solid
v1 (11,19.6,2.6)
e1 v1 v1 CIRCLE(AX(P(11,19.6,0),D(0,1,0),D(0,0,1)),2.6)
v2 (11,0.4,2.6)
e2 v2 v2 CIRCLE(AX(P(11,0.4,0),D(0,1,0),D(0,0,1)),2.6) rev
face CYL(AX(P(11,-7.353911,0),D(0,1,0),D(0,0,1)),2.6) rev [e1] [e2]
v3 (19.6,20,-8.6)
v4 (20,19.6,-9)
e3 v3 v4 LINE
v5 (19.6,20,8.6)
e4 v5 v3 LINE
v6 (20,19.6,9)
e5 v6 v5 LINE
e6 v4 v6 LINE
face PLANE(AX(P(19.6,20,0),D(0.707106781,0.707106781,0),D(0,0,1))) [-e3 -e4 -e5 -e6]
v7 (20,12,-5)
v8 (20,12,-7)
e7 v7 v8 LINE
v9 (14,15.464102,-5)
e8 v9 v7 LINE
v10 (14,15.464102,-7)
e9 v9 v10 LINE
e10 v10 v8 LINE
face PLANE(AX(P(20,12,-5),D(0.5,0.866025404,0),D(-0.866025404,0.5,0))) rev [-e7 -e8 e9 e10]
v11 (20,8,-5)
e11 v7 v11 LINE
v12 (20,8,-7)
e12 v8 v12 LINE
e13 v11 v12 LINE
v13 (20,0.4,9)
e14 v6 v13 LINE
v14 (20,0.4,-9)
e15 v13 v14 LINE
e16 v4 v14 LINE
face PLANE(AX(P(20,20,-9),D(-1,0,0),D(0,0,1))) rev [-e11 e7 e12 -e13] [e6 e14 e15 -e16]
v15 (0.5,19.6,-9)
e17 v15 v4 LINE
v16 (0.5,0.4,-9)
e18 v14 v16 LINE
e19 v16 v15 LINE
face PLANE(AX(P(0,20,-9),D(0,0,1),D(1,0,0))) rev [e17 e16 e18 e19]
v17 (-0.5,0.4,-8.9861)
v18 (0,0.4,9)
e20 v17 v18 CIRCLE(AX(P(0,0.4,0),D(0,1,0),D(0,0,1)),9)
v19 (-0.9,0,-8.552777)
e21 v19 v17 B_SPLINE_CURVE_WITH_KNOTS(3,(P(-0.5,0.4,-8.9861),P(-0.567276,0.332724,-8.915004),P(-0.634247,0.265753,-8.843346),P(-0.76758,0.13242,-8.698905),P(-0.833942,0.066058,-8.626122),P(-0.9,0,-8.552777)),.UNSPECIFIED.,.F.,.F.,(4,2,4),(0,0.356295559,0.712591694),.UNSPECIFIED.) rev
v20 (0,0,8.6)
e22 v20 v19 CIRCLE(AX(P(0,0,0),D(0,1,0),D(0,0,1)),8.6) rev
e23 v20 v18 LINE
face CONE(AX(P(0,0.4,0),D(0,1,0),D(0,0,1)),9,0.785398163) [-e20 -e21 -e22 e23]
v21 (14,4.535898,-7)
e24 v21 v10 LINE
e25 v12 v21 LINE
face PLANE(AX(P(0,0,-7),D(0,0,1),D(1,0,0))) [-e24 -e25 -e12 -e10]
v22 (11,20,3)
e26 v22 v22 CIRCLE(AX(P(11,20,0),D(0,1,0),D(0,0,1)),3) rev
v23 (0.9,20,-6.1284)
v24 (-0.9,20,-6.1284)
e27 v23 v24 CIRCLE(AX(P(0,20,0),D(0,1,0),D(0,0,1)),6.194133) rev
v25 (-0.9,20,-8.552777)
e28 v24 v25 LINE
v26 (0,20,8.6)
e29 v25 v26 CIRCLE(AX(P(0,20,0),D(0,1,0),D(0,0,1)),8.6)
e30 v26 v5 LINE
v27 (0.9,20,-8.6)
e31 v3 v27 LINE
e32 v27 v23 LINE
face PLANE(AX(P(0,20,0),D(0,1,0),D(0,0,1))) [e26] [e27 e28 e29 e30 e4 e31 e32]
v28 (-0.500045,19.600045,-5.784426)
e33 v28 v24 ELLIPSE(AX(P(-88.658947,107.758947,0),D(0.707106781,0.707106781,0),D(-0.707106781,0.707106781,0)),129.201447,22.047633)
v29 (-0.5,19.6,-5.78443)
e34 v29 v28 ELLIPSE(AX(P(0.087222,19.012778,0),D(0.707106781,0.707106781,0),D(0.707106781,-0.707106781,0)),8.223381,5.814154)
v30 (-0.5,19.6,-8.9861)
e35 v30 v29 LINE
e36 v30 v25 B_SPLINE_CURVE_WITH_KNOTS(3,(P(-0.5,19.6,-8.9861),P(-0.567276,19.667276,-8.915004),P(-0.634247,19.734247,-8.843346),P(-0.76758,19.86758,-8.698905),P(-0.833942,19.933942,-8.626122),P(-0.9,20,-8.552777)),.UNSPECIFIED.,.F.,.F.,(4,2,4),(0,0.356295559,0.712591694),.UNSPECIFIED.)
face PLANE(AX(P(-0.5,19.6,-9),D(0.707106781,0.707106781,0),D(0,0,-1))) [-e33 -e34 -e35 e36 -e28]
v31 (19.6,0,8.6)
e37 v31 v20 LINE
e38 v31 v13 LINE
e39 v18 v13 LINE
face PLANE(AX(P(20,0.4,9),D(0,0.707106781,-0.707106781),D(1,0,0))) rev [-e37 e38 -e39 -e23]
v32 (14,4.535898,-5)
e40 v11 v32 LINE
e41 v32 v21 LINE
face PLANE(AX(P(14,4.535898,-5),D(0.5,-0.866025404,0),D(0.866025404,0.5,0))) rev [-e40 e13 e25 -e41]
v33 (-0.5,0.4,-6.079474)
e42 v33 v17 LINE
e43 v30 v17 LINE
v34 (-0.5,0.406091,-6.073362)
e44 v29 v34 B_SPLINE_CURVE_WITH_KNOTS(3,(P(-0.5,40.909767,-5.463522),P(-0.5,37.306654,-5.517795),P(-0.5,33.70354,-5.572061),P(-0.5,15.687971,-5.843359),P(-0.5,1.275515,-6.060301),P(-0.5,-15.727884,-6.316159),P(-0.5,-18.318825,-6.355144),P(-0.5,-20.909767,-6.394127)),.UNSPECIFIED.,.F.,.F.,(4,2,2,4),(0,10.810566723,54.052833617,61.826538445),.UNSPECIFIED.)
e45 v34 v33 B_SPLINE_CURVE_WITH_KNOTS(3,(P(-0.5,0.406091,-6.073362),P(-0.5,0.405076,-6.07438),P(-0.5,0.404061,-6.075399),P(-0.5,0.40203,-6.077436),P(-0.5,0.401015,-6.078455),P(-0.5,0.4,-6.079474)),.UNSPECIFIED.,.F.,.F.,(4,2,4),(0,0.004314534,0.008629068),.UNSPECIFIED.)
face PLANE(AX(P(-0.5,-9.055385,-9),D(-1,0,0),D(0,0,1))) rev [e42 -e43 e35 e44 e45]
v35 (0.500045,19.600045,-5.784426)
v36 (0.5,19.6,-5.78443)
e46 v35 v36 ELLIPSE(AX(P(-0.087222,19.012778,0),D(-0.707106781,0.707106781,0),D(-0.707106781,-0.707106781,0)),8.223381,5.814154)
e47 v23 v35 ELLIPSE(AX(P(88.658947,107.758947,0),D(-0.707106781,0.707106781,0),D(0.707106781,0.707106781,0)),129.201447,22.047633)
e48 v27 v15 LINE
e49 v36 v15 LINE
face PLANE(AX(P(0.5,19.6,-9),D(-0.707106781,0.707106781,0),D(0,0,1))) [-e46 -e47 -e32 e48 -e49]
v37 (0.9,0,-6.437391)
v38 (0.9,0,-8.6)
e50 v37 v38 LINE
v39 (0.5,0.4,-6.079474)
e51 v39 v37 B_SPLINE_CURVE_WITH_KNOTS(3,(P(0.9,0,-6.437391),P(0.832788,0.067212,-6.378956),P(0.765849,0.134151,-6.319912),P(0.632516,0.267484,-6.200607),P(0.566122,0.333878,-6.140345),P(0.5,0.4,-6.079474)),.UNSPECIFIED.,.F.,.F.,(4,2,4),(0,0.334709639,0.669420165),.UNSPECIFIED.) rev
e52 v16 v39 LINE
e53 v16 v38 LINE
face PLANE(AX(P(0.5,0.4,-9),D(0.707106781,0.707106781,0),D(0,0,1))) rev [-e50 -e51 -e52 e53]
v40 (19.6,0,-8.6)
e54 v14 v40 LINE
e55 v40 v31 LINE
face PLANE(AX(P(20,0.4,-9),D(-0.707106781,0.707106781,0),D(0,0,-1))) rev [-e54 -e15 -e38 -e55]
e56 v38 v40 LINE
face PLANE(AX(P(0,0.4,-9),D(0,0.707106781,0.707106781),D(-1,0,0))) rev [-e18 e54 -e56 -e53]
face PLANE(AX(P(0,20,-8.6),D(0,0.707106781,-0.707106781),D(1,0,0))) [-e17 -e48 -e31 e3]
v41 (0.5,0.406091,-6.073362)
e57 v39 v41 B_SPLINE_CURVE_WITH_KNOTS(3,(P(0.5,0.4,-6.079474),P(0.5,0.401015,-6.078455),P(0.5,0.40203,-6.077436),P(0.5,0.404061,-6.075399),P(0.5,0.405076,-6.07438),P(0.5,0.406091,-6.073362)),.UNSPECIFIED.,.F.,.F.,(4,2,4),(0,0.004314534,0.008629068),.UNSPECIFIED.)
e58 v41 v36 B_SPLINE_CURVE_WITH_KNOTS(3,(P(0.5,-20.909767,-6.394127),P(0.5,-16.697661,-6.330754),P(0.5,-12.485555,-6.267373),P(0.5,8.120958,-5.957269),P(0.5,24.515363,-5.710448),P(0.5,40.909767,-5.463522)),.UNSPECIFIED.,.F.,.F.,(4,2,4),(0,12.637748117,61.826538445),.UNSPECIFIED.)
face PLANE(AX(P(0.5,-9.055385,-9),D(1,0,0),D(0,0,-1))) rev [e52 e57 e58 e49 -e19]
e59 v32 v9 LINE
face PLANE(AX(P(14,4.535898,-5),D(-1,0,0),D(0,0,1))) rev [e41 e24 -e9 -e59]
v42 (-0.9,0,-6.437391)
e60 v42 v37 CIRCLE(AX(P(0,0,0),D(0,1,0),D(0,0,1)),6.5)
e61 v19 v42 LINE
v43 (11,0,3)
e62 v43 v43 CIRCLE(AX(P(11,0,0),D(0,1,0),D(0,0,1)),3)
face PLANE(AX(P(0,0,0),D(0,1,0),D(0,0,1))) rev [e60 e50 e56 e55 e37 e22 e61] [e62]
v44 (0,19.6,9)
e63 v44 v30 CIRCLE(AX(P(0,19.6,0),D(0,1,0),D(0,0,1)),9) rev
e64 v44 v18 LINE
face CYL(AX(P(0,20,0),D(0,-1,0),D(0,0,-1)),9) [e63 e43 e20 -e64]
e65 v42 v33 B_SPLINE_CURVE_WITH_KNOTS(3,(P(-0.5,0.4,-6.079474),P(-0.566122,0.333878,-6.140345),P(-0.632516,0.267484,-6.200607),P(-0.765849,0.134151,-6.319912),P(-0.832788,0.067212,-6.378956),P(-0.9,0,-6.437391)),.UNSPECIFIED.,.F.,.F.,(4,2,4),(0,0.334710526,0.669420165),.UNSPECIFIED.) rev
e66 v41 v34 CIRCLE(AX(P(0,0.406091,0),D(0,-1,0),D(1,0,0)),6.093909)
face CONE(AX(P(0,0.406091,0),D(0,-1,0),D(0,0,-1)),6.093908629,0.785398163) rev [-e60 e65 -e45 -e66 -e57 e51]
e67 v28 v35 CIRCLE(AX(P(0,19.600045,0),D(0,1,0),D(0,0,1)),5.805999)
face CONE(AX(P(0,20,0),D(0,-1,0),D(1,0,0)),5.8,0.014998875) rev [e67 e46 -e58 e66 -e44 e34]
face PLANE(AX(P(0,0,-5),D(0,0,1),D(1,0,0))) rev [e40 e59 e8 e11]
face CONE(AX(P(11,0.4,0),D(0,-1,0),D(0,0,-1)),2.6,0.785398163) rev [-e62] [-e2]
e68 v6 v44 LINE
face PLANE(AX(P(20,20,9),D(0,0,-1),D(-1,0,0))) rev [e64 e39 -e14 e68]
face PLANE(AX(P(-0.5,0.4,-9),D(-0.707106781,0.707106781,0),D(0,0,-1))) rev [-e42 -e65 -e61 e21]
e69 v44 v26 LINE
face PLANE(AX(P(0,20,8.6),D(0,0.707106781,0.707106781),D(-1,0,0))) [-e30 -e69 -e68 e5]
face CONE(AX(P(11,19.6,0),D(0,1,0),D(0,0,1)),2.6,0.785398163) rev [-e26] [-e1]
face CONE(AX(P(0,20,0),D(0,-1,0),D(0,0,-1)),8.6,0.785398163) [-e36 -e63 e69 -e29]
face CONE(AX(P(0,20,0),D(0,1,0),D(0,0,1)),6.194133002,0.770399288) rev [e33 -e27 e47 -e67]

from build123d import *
from OCP.BRepFilletAPI import BRepFilletAPI_MakeChamfer

# Parameters (mm, degrees)
BOSS_EXTRUDE1_DEPTH = 20
SKETCH4_W           = 1
SKETCH4_H           = 9
CUT_EXTRUDE2_DEPTH  = 20
CUT_EXTRUDE4_START  = -2
CUT_EXTRUDE4_DEPTH  = 2
SKETCH5_R           = 2.6
CUT_EXTRUDE5_DEPTH  = 20
CHAMFER1_SIZE       = 0.4
CHAMFER1_SIZE2      = 0.406137053
CHAMFER1_SIZE2_2    = 0.394133002


with BuildPart() as part:
    # Sketch1 → Boss-Extrude1 (new body)
    with BuildSketch(Plane(origin=(0, 0, 0), x_dir=(1, 0, 0), z_dir=(0, 1, 0))):
        with BuildLine():
            Line((0, 9), (20, 9))
            Line((20, 9), (20, -9))
            Line((20, -9), (0, -9))
            ThreePointArc((0, -9), (-9, 0), (0, 9))
        make_face()
    extrude(amount=BOSS_EXTRUDE1_DEPTH)

    # Sketch7 → Cut-Revolve1 (revolve, cut)
    with BuildSketch(Plane.XY, mode=Mode.PRIVATE) as cut_revolve1_sk:
        Polygon((0, 0), (-6.1, 0), (-5.8, 20), (0, 20), align=None)
    revolve(cut_revolve1_sk.sketch.rotate(Axis((0, 20, 0), (0, 1, 0)), 180), axis=Axis((0, 20, 0), (0, 1, 0)), mode=Mode.SUBTRACT)

    # Sketch4 → Cut-Extrude2 (cut)
    with BuildSketch(Plane(origin=(0, 20, 0), x_dir=(1, 0, 0), z_dir=(0, 1, 0))):
        with Locations((0, 4.5)):
            Rectangle(SKETCH4_W, SKETCH4_H)
    extrude(amount=-CUT_EXTRUDE2_DEPTH, mode=Mode.SUBTRACT)

    # Sketch6 → Cut-Extrude4 (cut)
    with BuildSketch(Plane(origin=(0, 0, -9), x_dir=(-1, 0, 0), z_dir=(0, 0, -1)).offset(CUT_EXTRUDE4_START)):
        Polygon((-20, 12), (-14, 15.464101615), (-14, 4.535898385), (-20, 8), align=None)
    extrude(amount=-CUT_EXTRUDE4_DEPTH, mode=Mode.SUBTRACT)

    # Sketch5 → Cut-Extrude5 (cut)
    with BuildSketch(Plane(origin=(0, 20, 0), x_dir=(1, 0, 0), z_dir=(0, 1, 0))):
        with Locations(Location((11, 0, 0), (0, 0, 270))):
            Circle(SKETCH5_R)
    extrude(amount=-CUT_EXTRUDE5_DEPTH, mode=Mode.SUBTRACT)

    # Chamfer1: one chamfer whose edges measure the first distance from different faces: ONE call of the kernel's chamfer builder (chamfer() names one face for all edges)
    chamfer1_edges_1 = [part.edges().sort_by_distance(p)[0] for p in [
        (0, 0, 6.1),
    ]]
    chamfer1_side_1 = [part.faces().sort_by_distance(p)[0] for p in [
        (8.32015875, 0, 0.063305036),
    ]]
    chamfer1_edges_2 = [part.edges().sort_by_distance(p)[0] for p in [
        (0.5, 0, -7.539736831),
        (10.25, 0, -9),
        (20, 0, 0),
        (10, 0, 9),
        (-0.5, 0, -7.53278702),
        (-8.996524423, 0, 0.250096581),
        (11, 0, -2.6),
        (0.5, 20, -7.389204043),
        (10.25, 20, -9),
        (20, 20, 0),
        (10, 20, 9),
        (-8.996524423, 20, 0.250096581),
        (-0.5, 20, -7.382254232),
        (11, 20, -2.6),
    ]]
    chamfer1_edges_3 = [part.edges().sort_by_distance(p)[0] for p in [
        (0, 20, 5.8),
    ]]
    chamfer1_side_3 = [part.faces().sort_by_distance(p)[0] for p in [
        (0, 10, 5.95),
    ]]
    chamfer1 = BRepFilletAPI_MakeChamfer(part.part.solid().wrapped)
    for e in chamfer1_edges_1:
        chamfer1.Add(CHAMFER1_SIZE, CHAMFER1_SIZE2, e.wrapped, chamfer1_side_1[0].wrapped)  # the first distance lies on this face
    for e in chamfer1_edges_2:
        chamfer1.Add(CHAMFER1_SIZE, e.wrapped)
    for e in chamfer1_edges_3:
        chamfer1.Add(CHAMFER1_SIZE, CHAMFER1_SIZE2_2, e.wrapped, chamfer1_side_3[0].wrapped)  # the first distance lies on this face
    add(Compound.cast(chamfer1.Shape()), mode=Mode.REPLACE)


solid = part.part
